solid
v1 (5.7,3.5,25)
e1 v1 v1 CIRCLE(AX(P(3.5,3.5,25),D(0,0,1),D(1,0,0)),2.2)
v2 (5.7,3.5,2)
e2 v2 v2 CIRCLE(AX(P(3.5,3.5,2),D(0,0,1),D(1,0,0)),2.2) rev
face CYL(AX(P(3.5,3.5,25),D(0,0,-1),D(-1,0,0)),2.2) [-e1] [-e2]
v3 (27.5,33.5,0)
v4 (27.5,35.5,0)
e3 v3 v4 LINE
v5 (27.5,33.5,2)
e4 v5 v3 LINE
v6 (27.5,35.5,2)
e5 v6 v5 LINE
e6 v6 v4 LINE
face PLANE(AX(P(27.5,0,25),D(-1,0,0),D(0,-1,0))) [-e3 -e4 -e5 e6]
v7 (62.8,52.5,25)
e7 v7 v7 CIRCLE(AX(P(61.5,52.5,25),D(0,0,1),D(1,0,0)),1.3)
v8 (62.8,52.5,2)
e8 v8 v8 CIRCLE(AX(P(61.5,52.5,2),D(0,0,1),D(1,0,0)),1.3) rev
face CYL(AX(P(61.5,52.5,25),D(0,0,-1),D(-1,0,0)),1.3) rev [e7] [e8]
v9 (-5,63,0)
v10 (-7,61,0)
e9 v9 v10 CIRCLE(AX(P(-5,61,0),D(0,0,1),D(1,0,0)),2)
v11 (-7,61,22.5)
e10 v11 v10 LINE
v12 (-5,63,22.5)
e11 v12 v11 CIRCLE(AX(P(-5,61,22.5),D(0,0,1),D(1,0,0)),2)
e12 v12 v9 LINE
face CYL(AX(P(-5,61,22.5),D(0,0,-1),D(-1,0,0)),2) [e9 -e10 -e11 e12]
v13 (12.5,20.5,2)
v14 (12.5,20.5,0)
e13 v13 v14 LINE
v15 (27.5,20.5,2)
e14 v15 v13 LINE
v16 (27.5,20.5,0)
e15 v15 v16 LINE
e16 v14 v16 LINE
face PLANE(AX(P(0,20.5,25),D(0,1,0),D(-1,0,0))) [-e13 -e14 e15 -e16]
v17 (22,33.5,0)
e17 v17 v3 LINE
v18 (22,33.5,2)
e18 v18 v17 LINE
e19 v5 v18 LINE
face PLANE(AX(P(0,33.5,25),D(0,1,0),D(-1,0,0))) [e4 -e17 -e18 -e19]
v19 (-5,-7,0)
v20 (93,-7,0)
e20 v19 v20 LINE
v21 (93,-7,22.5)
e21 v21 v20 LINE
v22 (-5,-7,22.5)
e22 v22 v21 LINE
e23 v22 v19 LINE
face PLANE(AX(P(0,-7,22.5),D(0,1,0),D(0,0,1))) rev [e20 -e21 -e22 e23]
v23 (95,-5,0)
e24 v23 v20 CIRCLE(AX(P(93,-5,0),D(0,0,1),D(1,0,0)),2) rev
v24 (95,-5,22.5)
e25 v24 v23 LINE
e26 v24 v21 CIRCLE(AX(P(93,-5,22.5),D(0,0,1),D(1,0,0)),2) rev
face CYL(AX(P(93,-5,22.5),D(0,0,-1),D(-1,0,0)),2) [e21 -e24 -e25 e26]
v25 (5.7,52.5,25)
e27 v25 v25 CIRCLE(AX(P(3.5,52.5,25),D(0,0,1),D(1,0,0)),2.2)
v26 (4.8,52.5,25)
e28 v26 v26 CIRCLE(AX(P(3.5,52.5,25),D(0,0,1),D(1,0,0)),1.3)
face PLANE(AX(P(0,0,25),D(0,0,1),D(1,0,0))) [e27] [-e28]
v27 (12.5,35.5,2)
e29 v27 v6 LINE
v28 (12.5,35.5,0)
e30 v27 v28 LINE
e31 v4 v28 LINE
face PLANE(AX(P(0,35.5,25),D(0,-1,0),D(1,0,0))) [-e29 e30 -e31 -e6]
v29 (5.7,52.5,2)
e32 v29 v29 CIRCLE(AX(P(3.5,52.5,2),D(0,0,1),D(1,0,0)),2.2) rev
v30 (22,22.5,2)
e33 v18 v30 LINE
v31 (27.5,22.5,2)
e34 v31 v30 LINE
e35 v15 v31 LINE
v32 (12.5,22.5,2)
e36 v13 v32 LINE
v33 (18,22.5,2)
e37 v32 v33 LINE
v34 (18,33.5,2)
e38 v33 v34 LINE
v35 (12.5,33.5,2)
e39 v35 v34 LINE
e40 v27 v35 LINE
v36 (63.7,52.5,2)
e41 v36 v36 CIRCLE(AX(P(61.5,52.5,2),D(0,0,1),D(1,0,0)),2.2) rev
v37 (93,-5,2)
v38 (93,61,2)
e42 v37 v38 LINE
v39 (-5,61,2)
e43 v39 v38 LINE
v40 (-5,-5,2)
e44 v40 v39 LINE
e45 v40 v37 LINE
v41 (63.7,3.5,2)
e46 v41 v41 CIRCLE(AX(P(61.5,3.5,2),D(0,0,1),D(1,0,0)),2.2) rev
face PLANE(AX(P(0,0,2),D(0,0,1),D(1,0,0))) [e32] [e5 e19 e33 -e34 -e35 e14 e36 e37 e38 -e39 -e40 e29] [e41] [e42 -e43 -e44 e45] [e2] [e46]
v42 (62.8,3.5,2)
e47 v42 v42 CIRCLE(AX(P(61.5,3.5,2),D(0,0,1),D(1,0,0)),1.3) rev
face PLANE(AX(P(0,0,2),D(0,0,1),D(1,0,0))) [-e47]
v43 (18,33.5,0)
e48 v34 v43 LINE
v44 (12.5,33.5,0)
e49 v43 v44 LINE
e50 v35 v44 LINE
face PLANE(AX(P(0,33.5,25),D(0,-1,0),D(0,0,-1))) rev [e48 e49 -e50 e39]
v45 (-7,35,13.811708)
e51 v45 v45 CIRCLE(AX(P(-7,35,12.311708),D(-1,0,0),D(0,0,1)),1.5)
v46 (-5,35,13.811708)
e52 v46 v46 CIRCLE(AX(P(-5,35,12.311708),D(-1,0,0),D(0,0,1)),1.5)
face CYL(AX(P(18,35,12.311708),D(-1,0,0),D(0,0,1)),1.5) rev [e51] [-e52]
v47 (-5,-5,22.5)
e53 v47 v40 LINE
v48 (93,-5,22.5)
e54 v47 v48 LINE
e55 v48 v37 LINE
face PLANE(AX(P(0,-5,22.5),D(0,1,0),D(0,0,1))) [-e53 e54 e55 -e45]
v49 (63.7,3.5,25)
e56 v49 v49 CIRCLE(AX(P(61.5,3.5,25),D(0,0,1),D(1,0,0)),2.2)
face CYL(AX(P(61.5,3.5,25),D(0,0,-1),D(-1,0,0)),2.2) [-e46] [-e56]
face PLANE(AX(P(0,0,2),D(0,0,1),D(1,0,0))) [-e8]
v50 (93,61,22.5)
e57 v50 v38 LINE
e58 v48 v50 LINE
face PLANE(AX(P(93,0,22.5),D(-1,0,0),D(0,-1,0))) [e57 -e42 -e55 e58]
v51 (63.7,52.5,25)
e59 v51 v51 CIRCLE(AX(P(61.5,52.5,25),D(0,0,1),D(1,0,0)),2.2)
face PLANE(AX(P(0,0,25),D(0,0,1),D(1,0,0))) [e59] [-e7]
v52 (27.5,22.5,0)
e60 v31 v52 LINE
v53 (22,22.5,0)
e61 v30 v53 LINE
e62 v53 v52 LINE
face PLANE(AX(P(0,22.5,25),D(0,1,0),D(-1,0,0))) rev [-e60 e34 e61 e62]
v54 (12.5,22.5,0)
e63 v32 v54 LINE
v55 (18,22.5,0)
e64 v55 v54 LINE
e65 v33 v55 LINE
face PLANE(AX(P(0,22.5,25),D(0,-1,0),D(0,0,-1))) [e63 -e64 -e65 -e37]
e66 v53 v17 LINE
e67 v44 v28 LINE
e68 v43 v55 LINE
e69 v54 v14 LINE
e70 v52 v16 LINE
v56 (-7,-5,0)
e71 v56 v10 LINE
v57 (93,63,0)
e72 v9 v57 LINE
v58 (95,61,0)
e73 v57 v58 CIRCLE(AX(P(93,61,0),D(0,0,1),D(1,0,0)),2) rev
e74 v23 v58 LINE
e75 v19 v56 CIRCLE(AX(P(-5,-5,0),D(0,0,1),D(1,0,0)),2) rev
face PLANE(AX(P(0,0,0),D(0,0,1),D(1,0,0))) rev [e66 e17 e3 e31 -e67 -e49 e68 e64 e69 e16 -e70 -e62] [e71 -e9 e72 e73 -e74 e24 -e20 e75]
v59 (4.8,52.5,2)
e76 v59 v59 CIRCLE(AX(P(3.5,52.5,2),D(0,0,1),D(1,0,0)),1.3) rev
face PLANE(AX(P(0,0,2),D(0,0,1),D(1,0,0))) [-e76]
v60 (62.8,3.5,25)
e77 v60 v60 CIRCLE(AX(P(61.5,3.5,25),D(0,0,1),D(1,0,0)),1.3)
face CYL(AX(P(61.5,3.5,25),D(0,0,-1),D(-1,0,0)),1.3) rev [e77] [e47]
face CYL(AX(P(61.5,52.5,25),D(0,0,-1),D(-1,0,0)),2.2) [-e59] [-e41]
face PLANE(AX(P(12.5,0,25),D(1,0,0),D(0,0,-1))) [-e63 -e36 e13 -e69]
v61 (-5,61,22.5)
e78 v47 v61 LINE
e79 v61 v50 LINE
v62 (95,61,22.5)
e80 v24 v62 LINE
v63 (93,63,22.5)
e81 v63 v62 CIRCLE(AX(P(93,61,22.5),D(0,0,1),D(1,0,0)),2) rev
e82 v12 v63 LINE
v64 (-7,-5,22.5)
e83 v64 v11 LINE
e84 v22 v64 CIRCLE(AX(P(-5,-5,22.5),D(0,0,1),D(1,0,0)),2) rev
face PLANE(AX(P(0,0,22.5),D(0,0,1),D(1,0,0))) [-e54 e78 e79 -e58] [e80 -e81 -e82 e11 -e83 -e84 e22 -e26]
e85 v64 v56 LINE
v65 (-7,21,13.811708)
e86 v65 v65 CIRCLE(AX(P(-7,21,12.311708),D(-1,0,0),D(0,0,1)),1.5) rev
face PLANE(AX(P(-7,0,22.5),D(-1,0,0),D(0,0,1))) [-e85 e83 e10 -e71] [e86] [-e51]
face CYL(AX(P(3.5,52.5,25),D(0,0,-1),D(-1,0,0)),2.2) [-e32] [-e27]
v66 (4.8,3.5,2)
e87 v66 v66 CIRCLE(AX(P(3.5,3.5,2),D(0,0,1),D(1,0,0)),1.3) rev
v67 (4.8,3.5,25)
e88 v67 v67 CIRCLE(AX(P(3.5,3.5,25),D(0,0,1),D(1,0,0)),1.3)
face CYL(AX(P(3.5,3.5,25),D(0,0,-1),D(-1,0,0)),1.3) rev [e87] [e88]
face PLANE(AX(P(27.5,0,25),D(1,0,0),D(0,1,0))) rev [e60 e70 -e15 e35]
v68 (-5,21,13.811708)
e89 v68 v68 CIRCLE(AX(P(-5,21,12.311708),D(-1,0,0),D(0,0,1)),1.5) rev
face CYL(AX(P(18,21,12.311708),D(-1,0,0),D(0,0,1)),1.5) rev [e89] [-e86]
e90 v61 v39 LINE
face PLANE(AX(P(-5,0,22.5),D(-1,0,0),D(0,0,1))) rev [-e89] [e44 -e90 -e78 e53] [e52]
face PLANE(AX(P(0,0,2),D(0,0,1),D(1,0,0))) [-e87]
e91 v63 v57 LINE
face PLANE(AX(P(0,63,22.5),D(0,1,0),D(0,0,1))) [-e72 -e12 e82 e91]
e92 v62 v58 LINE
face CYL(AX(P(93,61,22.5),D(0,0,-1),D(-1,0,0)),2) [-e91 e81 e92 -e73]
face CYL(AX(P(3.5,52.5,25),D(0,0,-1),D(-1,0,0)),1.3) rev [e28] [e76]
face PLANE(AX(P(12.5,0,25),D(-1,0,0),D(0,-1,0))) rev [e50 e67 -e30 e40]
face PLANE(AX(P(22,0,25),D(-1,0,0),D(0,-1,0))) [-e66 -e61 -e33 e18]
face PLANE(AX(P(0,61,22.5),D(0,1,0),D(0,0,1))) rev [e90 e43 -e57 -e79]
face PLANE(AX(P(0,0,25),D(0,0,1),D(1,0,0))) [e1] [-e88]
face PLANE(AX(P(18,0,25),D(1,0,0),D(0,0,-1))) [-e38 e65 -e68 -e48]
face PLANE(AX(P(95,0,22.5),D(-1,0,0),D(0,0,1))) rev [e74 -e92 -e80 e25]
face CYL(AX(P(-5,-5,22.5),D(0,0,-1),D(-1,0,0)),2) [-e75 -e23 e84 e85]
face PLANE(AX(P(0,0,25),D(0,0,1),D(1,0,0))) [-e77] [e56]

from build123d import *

# Parameters (mm, degrees)
BOSS_EXTRUDE1_DEPTH = 2
BOSS_EXTRUDE2_DEPTH = 22.5
SKETCH1_6_R         = 2.2
SKETCH1_6_R_2       = 1.3
BOSS_EXTRUDE3_DEPTH = 25
CUT_EXTRUDE1_DEPTH  = 25
SKETCH3_R           = 1.5
CUT_EXTRUDE2_DEPTH  = 25


with BuildPart() as part:
    # Sketch1 → Boss-Extrude1 (new body)
    with BuildSketch(Plane.XY):
        Polygon((-5, -5), (93, -5), (93, 0), (93, 56), (93, 61), (-5, 61), align=None)
    extrude(amount=BOSS_EXTRUDE1_DEPTH)

    # Sketch1<5> → Boss-Extrude2 (add)
    with BuildSketch(Plane.XY):
        with BuildLine():
            Line((93, 63), (-5, 63))
            ThreePointArc((-5, 63), (-6.414213562, 62.414213562), (-7, 61))
            Line((-7, 61), (-7, -5))
            ThreePointArc((-7, -5), (-6.414213562, -6.414213562), (-5, -7))
            Line((-5, -7), (93, -7))
            ThreePointArc((93, -7), (94.414213562, -6.414213562), (95, -5))
            Line((95, -5), (95, 0))
            Line((95, 0), (95, 56))
            Line((95, 56), (95, 61))
            ThreePointArc((95, 61), (94.414213562, 62.414213562), (93, 63))
        make_face()
        Polygon((93, -5), (-5, -5), (-5, 61), (93, 61), (93, 56), (93, 0), align=None, mode=Mode.SUBTRACT)
    extrude(amount=BOSS_EXTRUDE2_DEPTH)

    # Sketch1<6> → Boss-Extrude3 (add)
    # profile 1 of 4: a face of its own
    with BuildSketch(Plane.XY):
        with Locations((3.5, 52.5)):
            Circle(SKETCH1_6_R)
        with Locations((3.5, 52.5)):
            Circle(SKETCH1_6_R_2, mode=Mode.SUBTRACT)
    # profile 2 of 4: a face of its own
    with BuildSketch(Plane.XY):
        with Locations((61.5, 52.5)):
            Circle(SKETCH1_6_R)
        with Locations((61.5, 52.5)):
            Circle(SKETCH1_6_R_2, mode=Mode.SUBTRACT)
    # profile 3 of 4: a face of its own
    with BuildSketch(Plane.XY):
        with Locations((61.5, 3.5)):
            Circle(SKETCH1_6_R)
        with Locations((61.5, 3.5)):
            Circle(SKETCH1_6_R_2, mode=Mode.SUBTRACT)
    # profile 4 of 4: a face of its own
    with BuildSketch(Plane.XY):
        with Locations((3.5, 3.5)):
            Circle(SKETCH1_6_R)
        with Locations((3.5, 3.5)):
            Circle(SKETCH1_6_R_2, mode=Mode.SUBTRACT)
    extrude(amount=BOSS_EXTRUDE3_DEPTH)

    # Sketch2 → Cut-Extrude1 (cut)
    with BuildSketch(Plane(origin=(0, 0, 0), x_dir=(-1, 0, 0), z_dir=(0, 0, -1))):
        Polygon((-27.5, 20.5), (-20, 20.5), (-12.5, 20.5), (-12.5, 22.5), (-18, 22.5), (-18, 28), (-18, 33.5), (-12.5, 33.5), (-12.5, 35.5), (-20, 35.5), (-27.5, 35.5), (-27.5, 33.5), (-22, 33.5), (-22, 28), (-22, 22.5), (-27.5, 22.5), align=None)
    extrude(amount=-CUT_EXTRUDE1_DEPTH, mode=Mode.SUBTRACT)

    # Sketch3 → Cut-Extrude2 (cut)
    with BuildSketch(Plane.ZY.offset(7)):
        with Locations((12.31170847, 35)):
            Circle(SKETCH3_R)
        with Locations((12.31170847, 21)):
            Circle(SKETCH3_R)
    extrude(amount=-CUT_EXTRUDE2_DEPTH, mode=Mode.SUBTRACT)


solid = part.part
